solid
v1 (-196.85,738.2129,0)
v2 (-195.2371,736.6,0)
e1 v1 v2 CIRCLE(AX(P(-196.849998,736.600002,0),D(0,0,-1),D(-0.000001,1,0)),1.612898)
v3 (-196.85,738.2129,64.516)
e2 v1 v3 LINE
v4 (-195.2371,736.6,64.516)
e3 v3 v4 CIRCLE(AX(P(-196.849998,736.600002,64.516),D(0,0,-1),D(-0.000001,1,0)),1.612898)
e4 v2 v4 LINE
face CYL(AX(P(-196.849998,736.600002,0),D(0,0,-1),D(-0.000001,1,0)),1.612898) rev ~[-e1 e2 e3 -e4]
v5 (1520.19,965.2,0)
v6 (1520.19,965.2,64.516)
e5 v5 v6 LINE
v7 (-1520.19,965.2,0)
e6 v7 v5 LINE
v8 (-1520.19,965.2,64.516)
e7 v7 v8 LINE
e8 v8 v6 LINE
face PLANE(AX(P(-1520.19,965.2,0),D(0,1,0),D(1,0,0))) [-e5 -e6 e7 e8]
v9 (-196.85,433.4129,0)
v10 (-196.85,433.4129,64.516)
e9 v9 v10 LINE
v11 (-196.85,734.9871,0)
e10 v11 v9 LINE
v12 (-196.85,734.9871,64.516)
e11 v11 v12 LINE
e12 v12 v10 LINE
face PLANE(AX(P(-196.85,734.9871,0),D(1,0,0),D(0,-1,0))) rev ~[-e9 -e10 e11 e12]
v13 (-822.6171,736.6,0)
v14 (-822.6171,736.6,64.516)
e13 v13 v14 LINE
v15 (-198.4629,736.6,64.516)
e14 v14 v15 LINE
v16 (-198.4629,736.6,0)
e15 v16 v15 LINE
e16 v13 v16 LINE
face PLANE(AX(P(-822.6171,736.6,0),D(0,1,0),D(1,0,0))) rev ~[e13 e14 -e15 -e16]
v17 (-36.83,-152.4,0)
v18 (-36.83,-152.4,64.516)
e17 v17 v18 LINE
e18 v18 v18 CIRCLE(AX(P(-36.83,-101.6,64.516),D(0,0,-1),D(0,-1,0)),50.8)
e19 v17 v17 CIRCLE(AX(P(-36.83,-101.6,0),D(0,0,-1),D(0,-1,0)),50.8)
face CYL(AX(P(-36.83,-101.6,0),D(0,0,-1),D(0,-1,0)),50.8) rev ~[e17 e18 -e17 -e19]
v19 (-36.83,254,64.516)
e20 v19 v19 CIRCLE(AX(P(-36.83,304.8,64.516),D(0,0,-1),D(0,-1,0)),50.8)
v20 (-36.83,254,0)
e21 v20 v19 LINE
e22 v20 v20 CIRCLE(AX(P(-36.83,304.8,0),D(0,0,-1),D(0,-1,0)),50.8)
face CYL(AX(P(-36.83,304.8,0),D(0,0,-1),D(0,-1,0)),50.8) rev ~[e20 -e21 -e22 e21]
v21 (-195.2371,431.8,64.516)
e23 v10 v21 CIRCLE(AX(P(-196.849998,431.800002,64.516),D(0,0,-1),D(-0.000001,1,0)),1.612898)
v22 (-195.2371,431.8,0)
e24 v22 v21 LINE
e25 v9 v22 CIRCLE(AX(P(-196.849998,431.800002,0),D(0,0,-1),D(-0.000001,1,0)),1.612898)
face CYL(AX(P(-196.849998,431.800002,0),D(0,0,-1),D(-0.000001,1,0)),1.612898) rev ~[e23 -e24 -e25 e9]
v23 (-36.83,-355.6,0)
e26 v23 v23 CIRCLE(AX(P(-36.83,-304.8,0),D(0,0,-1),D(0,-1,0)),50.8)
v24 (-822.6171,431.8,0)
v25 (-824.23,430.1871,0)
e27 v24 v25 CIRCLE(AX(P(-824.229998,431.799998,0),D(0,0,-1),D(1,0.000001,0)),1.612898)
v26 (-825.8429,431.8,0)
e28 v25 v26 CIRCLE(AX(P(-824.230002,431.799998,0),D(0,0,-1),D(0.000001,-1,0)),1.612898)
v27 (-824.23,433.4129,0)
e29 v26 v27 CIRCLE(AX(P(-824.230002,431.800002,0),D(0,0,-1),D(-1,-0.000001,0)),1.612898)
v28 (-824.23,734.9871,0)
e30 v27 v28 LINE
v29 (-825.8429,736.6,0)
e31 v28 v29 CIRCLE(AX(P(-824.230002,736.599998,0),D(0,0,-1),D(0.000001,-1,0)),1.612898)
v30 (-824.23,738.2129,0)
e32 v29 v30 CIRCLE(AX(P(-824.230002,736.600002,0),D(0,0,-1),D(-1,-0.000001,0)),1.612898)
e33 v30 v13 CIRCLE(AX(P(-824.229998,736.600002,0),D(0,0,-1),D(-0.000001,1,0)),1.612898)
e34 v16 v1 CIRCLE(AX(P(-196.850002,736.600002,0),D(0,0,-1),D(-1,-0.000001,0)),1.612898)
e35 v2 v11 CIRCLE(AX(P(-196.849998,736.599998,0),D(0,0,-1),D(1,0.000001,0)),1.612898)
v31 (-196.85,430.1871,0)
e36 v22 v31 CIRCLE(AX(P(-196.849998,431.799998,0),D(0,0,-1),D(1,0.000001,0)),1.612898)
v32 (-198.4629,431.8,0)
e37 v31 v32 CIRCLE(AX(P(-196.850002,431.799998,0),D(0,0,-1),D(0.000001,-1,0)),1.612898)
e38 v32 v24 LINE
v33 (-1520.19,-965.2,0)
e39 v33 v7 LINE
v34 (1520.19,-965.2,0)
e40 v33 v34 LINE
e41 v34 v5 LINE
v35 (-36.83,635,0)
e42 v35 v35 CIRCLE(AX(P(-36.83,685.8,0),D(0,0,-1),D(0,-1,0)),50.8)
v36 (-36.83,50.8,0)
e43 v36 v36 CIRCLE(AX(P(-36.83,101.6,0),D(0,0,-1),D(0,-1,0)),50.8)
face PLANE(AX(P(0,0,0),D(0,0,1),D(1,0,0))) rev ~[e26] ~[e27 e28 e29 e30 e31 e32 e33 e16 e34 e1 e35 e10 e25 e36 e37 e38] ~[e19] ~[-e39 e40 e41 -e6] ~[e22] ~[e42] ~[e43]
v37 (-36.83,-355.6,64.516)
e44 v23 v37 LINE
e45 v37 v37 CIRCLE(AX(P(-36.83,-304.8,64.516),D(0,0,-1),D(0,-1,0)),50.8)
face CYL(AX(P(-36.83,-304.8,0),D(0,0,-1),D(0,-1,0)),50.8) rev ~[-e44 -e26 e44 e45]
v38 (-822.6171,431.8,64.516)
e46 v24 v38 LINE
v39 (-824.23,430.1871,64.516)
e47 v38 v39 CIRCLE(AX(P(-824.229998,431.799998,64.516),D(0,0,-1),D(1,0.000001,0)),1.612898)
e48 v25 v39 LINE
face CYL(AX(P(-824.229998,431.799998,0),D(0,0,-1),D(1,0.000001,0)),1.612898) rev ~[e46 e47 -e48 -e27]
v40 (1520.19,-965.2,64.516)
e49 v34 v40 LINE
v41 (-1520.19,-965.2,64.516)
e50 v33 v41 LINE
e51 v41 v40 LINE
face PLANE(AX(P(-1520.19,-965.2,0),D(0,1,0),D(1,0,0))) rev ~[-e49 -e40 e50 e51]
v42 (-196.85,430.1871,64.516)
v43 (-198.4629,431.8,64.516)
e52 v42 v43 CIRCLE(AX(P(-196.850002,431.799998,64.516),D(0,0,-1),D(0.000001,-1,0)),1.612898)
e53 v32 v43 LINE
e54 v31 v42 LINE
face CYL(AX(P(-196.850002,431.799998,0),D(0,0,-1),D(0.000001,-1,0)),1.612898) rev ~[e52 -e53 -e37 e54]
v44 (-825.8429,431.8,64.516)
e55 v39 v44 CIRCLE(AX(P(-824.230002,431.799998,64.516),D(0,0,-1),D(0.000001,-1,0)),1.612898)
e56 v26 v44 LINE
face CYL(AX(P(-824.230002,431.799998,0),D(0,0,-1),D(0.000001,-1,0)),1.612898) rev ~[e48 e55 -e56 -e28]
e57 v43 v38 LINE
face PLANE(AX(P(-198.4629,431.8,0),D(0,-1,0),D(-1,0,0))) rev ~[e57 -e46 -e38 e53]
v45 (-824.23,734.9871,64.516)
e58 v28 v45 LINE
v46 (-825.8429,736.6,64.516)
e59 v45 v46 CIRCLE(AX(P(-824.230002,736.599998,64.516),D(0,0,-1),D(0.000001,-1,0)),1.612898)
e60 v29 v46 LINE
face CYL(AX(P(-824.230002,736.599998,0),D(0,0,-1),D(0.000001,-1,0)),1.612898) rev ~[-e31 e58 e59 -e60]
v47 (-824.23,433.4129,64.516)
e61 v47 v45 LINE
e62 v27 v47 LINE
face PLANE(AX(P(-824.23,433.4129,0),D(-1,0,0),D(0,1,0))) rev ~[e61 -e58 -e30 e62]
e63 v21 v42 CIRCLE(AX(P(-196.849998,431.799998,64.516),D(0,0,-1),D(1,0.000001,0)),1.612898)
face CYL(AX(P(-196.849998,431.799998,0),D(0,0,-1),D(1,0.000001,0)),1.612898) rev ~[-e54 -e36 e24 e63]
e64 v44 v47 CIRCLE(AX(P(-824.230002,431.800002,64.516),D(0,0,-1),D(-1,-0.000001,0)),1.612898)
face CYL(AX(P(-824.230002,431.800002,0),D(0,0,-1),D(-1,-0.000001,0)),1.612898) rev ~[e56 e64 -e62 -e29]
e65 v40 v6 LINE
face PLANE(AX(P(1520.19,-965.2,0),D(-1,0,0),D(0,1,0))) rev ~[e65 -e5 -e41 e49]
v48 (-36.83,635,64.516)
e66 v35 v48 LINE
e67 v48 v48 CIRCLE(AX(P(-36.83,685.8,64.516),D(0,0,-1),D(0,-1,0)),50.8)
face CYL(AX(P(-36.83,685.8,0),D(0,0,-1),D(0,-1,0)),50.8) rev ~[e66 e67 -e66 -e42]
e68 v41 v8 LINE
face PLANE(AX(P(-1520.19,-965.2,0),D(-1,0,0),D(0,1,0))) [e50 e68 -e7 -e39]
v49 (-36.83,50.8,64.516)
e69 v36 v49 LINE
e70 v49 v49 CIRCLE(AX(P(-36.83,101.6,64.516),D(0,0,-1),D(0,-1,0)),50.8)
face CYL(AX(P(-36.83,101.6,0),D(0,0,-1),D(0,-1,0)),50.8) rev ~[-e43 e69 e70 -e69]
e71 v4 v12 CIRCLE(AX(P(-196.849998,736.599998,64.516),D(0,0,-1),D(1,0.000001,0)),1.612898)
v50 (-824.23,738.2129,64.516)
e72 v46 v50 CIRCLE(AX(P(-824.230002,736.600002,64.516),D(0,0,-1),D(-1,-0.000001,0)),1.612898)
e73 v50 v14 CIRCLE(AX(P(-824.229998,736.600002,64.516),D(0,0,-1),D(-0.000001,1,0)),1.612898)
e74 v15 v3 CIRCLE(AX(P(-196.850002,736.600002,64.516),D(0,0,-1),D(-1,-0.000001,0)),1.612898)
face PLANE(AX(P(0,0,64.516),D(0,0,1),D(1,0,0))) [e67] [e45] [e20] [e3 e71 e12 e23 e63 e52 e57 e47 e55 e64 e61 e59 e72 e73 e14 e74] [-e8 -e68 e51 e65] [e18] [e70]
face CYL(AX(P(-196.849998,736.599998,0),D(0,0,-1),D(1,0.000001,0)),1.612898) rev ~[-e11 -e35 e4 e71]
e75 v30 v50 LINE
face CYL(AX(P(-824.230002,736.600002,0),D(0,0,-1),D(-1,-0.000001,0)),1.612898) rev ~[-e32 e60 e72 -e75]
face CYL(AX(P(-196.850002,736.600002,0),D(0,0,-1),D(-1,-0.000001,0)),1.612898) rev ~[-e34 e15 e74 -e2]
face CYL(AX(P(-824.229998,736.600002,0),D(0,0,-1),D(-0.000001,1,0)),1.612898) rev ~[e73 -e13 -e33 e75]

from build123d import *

# Parameters (mm, degrees)
F0_W     = 3040.38
F0_H     = 1930.4
F1_DEPTH = 64.516


with BuildPart() as f1:
    # F0 (on Top) → F1 (new body)
    with BuildSketch(Plane.XY):
        Rectangle(F0_W, F0_H)
        with BuildLine():
            ThreePointArc((-36.83, -254), (13.97, -304.8), (-36.83, -355.6))
            ThreePointArc((-36.83, -355.6), (-87.63, -304.8), (-36.83, -254))
        make_face(mode=Mode.SUBTRACT)
        with BuildLine():
            ThreePointArc((-36.83, -50.8), (13.97, -101.6), (-36.83, -152.4))
            ThreePointArc((-36.83, -152.4), (-87.63, -101.6), (-36.83, -50.8))
        make_face(mode=Mode.SUBTRACT)
        with BuildLine():
            ThreePointArc((-36.83, 152.4), (13.97, 101.6), (-36.83, 50.8))
            ThreePointArc((-36.83, 50.8), (-87.63, 101.6), (-36.83, 152.4))
        make_face(mode=Mode.SUBTRACT)
        with BuildLine():
            ThreePointArc((-36.83, 355.6), (13.97, 304.8), (-36.83, 254))
            ThreePointArc((-36.83, 254), (-87.63, 304.8), (-36.83, 355.6))
        make_face(mode=Mode.SUBTRACT)
        with BuildLine():
            ThreePointArc((-825.8429, 431.8), (-825.370493, 432.940493), (-824.23, 433.4129))
            Line((-824.23, 433.4129), (-824.23, 734.9871))
            ThreePointArc((-824.23, 734.9871), (-825.370493, 735.459507), (-825.8429, 736.6))
            ThreePointArc((-825.8429, 736.6), (-825.370493, 737.740493), (-824.23, 738.2129))
            ThreePointArc((-824.23, 738.2129), (-823.089507, 737.740493), (-822.6171, 736.6))
            Line((-822.6171, 736.6), (-198.4629, 736.6))
            ThreePointArc((-198.4629, 736.6), (-197.990493, 737.740493), (-196.85, 738.2129))
            ThreePointArc((-196.85, 738.2129), (-195.709507, 737.740493), (-195.2371, 736.6))
            ThreePointArc((-195.2371, 736.6), (-195.709507, 735.459507), (-196.85, 734.9871))
            Line((-196.85, 734.9871), (-196.85, 433.4129))
            ThreePointArc((-196.85, 433.4129), (-195.709507, 432.940493), (-195.2371, 431.8))
            ThreePointArc((-195.2371, 431.8), (-195.709507, 430.659507), (-196.85, 430.1871))
            ThreePointArc((-196.85, 430.1871), (-197.990493, 430.659507), (-198.4629, 431.8))
            Line((-198.4629, 431.8), (-822.6171, 431.8))
            ThreePointArc((-822.6171, 431.8), (-823.089507, 430.659507), (-824.23, 430.1871))
            ThreePointArc((-824.23, 430.1871), (-825.370493, 430.659507), (-825.8429, 431.8))
        make_face(mode=Mode.SUBTRACT)
        with BuildLine():
            ThreePointArc((-36.83, 736.6), (13.97, 685.8), (-36.83, 635))
            ThreePointArc((-36.83, 635), (-87.63, 685.8), (-36.83, 736.6))
        make_face(mode=Mode.SUBTRACT)
    extrude(amount=F1_DEPTH)


solid = f1.part
